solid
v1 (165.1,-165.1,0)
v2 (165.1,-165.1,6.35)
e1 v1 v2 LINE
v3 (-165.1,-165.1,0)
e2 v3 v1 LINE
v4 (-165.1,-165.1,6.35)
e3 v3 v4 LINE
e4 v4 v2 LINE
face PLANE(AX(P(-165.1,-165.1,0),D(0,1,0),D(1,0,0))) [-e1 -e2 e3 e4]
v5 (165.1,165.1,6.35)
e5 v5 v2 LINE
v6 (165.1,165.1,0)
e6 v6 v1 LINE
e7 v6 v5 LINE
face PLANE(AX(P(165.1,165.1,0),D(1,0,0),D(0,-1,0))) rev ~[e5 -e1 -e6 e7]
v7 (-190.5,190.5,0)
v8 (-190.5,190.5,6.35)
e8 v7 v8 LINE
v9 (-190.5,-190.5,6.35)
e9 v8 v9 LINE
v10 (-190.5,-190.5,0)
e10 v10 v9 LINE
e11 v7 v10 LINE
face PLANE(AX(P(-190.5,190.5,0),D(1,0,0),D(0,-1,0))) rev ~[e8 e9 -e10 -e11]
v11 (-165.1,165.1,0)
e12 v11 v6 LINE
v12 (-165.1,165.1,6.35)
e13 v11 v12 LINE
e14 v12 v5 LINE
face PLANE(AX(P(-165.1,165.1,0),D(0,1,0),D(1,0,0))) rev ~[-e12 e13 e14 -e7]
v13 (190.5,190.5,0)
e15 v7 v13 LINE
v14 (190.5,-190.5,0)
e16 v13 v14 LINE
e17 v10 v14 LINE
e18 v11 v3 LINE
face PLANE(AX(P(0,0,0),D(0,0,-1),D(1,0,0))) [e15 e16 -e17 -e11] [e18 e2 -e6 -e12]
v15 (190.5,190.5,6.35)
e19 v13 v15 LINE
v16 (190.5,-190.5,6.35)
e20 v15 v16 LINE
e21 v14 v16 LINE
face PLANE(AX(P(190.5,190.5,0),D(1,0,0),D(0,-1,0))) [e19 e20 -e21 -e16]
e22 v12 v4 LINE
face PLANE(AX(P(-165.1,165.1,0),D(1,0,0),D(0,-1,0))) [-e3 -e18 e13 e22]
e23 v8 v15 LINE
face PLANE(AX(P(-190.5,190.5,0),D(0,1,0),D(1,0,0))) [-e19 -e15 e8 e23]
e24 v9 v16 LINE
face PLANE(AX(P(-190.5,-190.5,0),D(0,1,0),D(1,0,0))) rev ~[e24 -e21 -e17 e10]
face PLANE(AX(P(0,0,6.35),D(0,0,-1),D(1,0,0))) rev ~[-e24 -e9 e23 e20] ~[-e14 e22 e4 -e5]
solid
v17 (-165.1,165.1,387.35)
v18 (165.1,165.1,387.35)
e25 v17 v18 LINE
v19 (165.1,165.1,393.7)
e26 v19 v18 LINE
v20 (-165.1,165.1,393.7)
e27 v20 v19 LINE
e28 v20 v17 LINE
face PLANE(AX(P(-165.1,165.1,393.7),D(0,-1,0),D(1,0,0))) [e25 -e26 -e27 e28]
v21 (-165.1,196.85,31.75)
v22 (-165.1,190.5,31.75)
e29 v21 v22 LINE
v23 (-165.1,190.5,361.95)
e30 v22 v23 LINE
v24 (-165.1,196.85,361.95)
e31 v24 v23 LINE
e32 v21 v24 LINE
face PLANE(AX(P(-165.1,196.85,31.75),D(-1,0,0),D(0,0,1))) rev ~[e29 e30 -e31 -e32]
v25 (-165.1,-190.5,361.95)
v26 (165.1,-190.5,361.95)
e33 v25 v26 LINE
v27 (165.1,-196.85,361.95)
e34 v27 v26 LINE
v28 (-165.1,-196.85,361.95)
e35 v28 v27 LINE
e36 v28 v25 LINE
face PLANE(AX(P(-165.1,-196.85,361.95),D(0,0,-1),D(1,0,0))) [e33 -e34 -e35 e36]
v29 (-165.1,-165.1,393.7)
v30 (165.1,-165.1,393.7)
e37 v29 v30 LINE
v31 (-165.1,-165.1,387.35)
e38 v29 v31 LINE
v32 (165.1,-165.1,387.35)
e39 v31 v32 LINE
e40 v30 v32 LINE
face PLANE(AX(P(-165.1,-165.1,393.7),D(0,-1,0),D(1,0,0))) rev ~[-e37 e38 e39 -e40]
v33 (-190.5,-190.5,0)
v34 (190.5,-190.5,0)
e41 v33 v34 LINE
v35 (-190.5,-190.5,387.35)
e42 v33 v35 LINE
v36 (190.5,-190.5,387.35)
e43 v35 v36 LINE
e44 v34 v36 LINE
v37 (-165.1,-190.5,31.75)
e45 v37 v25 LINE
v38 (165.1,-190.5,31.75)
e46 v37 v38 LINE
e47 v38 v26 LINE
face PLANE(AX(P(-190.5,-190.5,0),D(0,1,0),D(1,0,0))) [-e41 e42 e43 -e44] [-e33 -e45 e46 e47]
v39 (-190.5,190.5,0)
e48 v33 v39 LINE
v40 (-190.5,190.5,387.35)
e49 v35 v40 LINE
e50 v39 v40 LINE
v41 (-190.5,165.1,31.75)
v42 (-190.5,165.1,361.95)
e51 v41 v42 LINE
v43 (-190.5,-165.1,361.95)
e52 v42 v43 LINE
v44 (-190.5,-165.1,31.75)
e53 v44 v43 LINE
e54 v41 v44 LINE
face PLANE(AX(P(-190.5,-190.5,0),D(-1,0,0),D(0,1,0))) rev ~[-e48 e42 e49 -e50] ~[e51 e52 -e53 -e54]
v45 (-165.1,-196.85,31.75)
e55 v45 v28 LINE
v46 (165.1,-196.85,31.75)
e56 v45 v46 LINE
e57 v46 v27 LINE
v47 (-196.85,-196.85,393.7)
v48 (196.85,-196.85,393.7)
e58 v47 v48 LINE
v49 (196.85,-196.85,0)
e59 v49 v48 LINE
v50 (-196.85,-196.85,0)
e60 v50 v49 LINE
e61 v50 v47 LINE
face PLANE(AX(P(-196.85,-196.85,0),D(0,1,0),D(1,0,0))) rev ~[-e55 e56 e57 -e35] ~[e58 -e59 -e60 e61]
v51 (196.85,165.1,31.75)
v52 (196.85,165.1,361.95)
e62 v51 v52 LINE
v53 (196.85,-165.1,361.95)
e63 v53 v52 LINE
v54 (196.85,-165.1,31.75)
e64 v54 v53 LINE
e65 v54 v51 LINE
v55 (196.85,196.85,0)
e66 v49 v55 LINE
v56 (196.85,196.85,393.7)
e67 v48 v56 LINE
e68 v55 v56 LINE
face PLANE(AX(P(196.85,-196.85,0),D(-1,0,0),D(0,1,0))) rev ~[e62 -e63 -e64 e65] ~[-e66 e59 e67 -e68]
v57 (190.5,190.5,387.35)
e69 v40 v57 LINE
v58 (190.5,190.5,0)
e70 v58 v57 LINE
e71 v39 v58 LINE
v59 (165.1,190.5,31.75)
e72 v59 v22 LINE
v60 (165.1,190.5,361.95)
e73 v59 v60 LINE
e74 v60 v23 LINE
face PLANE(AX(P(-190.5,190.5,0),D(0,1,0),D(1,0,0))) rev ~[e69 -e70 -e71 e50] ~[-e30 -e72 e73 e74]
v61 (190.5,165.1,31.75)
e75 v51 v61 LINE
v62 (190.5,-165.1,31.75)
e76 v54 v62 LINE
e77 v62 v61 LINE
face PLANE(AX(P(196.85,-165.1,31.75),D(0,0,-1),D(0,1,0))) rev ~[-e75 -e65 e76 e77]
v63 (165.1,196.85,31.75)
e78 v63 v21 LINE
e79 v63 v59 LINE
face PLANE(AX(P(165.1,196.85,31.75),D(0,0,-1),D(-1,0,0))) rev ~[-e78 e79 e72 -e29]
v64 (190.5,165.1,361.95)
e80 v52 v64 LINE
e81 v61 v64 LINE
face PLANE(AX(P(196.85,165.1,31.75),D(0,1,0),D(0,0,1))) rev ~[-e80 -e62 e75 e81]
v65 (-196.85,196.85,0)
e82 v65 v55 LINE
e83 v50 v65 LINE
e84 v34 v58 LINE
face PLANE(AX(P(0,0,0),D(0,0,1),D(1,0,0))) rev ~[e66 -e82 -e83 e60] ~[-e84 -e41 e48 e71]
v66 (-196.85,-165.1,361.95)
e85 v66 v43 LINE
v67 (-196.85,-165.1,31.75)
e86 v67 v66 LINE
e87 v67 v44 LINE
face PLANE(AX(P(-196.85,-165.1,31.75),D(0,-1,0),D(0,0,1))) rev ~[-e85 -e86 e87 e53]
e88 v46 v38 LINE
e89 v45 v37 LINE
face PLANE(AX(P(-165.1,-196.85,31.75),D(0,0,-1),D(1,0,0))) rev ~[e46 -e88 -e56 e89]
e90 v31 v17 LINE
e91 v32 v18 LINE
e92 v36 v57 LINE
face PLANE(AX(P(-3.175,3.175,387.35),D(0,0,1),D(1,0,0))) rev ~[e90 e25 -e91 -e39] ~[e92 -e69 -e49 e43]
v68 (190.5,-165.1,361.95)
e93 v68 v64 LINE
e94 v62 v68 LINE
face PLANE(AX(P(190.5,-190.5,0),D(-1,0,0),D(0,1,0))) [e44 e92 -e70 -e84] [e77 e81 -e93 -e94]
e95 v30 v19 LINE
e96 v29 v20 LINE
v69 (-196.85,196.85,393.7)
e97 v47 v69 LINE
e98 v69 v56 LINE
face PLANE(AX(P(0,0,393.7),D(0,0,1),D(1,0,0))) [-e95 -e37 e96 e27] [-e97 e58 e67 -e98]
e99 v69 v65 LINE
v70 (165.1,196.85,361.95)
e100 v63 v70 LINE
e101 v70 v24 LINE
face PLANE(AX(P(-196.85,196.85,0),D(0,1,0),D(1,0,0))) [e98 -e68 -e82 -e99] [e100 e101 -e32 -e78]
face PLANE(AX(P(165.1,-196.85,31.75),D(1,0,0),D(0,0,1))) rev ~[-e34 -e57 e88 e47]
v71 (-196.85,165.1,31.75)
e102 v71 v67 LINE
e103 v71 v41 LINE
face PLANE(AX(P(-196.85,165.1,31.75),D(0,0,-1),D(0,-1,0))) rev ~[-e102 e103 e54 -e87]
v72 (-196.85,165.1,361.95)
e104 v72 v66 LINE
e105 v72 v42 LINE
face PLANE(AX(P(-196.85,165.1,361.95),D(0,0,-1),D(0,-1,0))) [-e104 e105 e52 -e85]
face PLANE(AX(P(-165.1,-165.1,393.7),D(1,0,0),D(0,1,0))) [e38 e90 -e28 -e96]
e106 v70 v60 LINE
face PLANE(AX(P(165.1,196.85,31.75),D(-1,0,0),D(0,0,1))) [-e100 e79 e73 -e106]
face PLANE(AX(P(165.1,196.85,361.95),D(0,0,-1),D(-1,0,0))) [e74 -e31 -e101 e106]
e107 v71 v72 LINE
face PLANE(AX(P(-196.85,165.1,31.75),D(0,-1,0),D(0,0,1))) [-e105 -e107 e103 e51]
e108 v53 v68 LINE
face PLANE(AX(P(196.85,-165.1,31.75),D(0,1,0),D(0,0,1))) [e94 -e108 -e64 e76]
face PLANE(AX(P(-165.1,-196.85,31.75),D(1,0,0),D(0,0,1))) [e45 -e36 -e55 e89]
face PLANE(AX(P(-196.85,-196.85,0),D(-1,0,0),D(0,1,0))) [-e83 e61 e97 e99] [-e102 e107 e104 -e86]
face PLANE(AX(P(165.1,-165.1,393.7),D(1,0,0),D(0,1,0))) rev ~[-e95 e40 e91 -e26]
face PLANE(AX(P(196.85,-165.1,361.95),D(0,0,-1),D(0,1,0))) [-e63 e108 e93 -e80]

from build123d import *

# Parameters (mm, degrees)
F0_W      = 393.7
F0_H      = 393.7
F0_W_2    = 381
F0_H_2    = 381
F1_DEPTH  = 393.7
F2_W      = 330.2
F2_H      = 330.2
F3_DEPTH  = 6.35
F4_W      = 330.2
F4_H      = 330.2
F5_DEPTH  = 6.35
F6_W      = 330.2
F6_H      = 330.2
F7_DEPTH  = 6.35
F8_W      = 330.2
F8_H      = 330.2
F9_DEPTH  = 6.35
F10_W     = 381
F10_H     = 381
F11_DEPTH = 6.35
F12_W     = 387.35
F12_H     = 387.35
F13_DEPTH = 6.35
F14_W     = 330.2
F14_H     = 330.2
F15_DEPTH = 6.35
F16_W     = 330.2
F16_H     = 330.2
F17_DEPTH = 6.35


with BuildPart() as f1:
    # F0 (on Top) → F1 (new body)
    with BuildSketch(Plane.XY):
        Rectangle(F0_W, F0_H)
        Rectangle(F0_W_2, F0_H_2, mode=Mode.SUBTRACT)
    extrude(amount=F1_DEPTH)

    # F2 (on face) → F3 (cut)
    with BuildSketch(Plane(origin=(-196.85, 0, 0), x_dir=(0, -1, 0), z_dir=(-1, 0, 0))):
        with Locations((0, 196.85)):
            Rectangle(F2_W, F2_H)
    extrude(amount=-F3_DEPTH, mode=Mode.SUBTRACT)

    # F4 (on face) → F5 (cut)
    with BuildSketch(Plane(origin=(0, 196.85, 0), x_dir=(-1, 0, 0), z_dir=(0, 1, 0))):
        with Locations((0, 196.85)):
            Rectangle(F4_W, F4_H)
    extrude(amount=-F5_DEPTH, mode=Mode.SUBTRACT)

    # F6 (on face) → F7 (cut)
    with BuildSketch(Plane.YZ.offset(196.85)):
        with Locations((0, 196.85)):
            Rectangle(F6_W, F6_H)
    extrude(amount=-F7_DEPTH, mode=Mode.SUBTRACT)

    # F8 (on face) → F9 (cut)
    with BuildSketch(Plane.XZ.offset(196.85)):
        with Locations((0, 196.85)):
            Rectangle(F8_W, F8_H)
    extrude(amount=-F9_DEPTH, mode=Mode.SUBTRACT)

    # F12 (on face) → F13 (join)
    with BuildSketch(Plane.XY.offset(393.7)):
        with Locations((-3.175, 3.175)):
            Rectangle(F12_W, F12_H)
    extrude(amount=-F13_DEPTH)

    # F14 (on face) → F15 (cut)
    with BuildSketch(Plane.XY.offset(393.7)):
        Rectangle(F14_W, F14_H)
    extrude(amount=-F15_DEPTH, mode=Mode.SUBTRACT)


with BuildPart() as f11:
    # F10 (on face) → F11 (new body)
    with BuildSketch(Plane(origin=(0, 0, 0), x_dir=(1, 0, 0), z_dir=(0, 0, -1))):
        Rectangle(F10_W, F10_H)
    extrude(amount=-F11_DEPTH)

    # F16 (on face) → F17 (cut)
    with BuildSketch(Plane(origin=(0, 0, 0), x_dir=(1, 0, 0), z_dir=(0, 0, -1))):
        Rectangle(F16_W, F16_H)
    extrude(amount=-F17_DEPTH, mode=Mode.SUBTRACT)


solid = Compound([f1.part, f11.part])
